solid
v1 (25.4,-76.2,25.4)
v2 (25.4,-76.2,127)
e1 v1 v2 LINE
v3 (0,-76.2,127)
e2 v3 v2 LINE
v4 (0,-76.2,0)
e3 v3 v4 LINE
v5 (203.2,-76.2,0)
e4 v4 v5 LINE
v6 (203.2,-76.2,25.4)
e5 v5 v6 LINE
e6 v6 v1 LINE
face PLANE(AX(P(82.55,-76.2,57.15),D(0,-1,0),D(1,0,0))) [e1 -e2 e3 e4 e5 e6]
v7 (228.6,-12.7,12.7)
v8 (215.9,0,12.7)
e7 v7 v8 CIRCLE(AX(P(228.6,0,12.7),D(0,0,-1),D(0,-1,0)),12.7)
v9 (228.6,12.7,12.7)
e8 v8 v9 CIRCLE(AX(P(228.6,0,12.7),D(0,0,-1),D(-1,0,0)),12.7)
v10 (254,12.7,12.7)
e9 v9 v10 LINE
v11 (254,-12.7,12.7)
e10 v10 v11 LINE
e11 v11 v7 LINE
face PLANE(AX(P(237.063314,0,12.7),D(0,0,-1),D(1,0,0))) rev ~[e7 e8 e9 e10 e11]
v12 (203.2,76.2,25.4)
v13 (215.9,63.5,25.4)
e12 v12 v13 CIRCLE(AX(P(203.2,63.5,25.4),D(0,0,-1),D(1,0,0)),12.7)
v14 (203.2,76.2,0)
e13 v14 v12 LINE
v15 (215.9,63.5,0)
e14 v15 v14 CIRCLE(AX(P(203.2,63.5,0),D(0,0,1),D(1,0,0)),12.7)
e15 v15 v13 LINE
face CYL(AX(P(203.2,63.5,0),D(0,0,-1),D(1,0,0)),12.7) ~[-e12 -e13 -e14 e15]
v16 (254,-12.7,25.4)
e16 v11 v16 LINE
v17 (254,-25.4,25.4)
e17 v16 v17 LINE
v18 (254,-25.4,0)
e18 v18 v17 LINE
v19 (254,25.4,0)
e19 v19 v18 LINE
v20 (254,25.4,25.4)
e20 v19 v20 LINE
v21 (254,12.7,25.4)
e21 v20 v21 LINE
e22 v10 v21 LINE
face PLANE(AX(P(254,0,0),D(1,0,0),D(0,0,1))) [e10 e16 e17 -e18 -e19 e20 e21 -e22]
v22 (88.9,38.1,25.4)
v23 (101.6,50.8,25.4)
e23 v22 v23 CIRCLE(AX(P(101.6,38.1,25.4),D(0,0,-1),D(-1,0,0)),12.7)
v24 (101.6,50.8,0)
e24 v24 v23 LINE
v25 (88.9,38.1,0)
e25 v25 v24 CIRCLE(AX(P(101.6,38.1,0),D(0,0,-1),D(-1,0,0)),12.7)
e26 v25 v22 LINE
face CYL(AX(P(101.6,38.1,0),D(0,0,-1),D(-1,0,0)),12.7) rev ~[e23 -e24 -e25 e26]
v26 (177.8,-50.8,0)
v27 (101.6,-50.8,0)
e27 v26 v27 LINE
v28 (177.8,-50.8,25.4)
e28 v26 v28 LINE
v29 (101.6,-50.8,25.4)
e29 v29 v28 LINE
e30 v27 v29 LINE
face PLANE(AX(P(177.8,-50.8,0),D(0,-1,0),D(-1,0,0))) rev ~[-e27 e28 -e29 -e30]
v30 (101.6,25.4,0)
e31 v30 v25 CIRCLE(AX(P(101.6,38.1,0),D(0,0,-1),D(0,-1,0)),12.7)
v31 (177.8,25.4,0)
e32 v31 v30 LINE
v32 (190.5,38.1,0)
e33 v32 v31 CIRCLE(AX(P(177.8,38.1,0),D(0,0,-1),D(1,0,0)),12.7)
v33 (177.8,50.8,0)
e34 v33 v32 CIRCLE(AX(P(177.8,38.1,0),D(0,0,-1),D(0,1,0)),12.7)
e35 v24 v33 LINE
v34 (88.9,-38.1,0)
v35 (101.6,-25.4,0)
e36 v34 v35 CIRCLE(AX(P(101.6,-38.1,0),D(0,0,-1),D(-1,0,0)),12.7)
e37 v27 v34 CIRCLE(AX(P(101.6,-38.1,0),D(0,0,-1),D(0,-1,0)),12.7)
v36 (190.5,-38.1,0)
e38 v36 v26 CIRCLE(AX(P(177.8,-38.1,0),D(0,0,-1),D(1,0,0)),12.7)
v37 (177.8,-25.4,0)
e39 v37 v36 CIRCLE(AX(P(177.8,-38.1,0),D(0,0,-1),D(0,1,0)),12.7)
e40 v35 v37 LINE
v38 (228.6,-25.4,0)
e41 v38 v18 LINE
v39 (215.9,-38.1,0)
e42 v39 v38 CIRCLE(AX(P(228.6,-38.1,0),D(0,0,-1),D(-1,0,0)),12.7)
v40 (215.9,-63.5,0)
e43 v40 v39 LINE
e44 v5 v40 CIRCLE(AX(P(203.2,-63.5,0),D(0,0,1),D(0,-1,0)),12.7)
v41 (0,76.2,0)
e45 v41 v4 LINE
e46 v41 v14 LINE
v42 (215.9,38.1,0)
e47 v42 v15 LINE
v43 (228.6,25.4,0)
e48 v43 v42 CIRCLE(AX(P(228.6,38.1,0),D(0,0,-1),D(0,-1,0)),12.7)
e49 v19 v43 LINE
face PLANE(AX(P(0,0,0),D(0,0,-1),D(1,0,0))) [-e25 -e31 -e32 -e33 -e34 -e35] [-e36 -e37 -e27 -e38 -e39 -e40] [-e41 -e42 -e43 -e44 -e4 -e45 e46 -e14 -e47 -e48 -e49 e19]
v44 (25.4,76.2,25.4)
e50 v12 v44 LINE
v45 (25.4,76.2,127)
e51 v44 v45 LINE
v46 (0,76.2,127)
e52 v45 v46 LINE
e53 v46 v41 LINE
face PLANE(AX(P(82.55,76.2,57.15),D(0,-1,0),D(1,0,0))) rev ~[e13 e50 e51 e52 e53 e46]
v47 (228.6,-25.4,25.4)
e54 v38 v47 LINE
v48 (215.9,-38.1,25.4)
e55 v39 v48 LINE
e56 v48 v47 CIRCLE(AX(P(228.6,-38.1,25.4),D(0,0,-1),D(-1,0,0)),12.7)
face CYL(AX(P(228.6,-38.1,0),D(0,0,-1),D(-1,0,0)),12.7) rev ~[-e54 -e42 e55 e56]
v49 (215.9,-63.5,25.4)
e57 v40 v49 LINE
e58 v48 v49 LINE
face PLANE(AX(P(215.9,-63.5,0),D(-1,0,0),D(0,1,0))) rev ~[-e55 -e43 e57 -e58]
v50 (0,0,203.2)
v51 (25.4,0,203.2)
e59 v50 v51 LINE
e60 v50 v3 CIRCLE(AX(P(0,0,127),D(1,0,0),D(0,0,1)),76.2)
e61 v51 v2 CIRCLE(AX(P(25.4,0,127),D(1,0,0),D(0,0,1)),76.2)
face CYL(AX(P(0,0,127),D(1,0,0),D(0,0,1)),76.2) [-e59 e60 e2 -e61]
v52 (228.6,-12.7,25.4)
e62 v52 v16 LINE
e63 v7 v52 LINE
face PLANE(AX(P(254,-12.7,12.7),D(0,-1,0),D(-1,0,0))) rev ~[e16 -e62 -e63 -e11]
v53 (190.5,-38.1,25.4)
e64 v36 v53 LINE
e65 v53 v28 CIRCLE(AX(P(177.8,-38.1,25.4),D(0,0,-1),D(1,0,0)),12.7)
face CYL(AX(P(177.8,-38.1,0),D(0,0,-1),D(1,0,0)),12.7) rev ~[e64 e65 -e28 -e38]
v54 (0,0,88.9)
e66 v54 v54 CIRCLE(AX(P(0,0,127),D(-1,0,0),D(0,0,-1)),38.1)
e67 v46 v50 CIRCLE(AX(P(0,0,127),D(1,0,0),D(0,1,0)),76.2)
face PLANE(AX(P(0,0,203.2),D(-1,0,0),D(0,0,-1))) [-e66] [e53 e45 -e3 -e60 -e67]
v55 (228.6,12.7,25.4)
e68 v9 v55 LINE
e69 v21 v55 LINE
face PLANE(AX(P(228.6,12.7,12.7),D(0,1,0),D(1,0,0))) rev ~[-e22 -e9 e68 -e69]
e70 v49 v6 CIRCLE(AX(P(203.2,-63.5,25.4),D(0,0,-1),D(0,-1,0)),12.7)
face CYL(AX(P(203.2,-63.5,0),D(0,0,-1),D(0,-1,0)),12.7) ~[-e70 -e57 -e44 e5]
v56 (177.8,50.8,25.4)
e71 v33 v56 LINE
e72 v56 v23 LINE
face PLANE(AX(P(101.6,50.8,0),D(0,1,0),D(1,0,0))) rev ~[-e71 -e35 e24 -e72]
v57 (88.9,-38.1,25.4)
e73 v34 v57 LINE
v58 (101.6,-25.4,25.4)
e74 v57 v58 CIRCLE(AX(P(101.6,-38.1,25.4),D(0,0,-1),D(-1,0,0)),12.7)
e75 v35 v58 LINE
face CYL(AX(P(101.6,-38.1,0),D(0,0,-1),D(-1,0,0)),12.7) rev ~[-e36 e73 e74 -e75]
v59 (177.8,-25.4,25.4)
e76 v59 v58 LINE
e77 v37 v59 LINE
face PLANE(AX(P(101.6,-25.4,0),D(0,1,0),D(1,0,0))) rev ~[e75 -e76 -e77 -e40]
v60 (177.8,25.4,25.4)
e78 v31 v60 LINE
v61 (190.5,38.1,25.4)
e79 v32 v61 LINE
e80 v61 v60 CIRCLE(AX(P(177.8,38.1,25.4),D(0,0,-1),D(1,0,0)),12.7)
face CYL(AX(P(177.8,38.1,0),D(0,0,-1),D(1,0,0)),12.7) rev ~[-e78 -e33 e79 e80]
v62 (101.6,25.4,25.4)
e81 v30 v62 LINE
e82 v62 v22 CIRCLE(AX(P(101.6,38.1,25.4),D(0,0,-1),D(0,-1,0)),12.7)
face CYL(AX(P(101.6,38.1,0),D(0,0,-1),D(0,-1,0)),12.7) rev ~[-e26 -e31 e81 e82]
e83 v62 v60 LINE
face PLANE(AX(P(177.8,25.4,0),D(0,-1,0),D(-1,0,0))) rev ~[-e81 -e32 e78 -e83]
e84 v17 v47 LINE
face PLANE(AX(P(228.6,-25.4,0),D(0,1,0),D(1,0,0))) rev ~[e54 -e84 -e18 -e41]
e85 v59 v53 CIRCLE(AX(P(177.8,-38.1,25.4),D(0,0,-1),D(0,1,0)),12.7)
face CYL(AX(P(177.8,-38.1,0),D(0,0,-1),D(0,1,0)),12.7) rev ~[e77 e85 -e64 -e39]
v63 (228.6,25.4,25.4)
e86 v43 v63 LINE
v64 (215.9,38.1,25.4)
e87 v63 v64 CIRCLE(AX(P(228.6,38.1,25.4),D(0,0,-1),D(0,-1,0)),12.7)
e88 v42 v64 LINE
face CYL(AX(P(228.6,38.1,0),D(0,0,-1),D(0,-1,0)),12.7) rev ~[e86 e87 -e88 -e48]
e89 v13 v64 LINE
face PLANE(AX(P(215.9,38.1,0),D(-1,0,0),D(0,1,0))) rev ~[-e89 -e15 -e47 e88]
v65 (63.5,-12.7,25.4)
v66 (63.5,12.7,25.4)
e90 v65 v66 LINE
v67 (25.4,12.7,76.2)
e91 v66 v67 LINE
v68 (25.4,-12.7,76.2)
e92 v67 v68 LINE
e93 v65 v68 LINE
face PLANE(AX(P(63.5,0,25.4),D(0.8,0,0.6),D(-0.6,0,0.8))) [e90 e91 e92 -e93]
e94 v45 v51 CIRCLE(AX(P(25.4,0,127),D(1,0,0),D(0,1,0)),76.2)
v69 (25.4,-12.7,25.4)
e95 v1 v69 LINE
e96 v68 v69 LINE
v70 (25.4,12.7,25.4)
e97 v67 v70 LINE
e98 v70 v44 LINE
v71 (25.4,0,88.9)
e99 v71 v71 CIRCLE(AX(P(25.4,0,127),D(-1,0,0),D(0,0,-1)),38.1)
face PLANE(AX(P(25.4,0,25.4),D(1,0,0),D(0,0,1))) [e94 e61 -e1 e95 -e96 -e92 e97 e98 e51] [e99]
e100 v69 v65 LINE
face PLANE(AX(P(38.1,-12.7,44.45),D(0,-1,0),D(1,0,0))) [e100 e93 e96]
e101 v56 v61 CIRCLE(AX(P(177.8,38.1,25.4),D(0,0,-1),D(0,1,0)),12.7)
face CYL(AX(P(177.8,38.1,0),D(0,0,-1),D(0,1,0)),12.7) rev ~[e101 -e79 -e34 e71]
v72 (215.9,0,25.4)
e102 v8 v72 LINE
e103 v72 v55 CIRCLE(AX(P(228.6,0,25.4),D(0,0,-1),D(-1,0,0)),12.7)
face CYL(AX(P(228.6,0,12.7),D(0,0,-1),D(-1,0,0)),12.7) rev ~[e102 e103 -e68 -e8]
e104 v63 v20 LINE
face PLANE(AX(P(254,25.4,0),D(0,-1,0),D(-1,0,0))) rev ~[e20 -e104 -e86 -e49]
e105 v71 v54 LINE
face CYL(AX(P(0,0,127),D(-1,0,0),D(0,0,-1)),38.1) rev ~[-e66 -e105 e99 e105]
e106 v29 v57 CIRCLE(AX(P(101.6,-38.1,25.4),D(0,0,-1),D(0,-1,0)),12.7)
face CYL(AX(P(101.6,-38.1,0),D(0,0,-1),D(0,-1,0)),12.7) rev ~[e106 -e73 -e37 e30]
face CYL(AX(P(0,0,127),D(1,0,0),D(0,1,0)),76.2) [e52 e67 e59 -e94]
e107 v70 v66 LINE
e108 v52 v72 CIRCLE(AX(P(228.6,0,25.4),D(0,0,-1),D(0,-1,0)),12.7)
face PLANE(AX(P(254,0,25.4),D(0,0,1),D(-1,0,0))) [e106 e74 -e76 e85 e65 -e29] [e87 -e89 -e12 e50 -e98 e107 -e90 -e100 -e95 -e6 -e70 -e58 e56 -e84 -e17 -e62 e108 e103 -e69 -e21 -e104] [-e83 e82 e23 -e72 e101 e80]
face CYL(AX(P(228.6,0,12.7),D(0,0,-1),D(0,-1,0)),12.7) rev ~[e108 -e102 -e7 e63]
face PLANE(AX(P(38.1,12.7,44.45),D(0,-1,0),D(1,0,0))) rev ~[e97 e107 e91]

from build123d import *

# Parameters (mm, degrees)
F1_DEPTH = 76.2
F2_DEPTH = 12.7
F4_DEPTH = 1270
F6_DEPTH = 70.612
F7_START = -12.7
F7_DEPTH = 43.434


with BuildPart() as f1:
    # F0 (on Front) → F1 (new body, symmetric)
    with BuildSketch(Plane.XZ):
        Polygon((0, 203.2), (0, 0), (254, 0), (254, 25.4), (63.5, 25.4), (25.4, 25.4), (25.4, 76.2), (25.4, 203.2), align=None)
    extrude(amount=F1_DEPTH, both=True)

    # F0 (on Front) → F2 (join, symmetric)
    with BuildSketch(Plane.XZ):
        Polygon((63.5, 25.4), (25.4, 76.2), (25.4, 25.4), align=None)
    extrude(amount=F2_DEPTH, both=True)

    # F3 (on face) → F4 (cut, symmetric)
    with BuildSketch(Plane(origin=(0, 0, 0), x_dir=(0, -1, 0), z_dir=(-1, 0, 0))):
        with BuildLine():
            Line((-76.2, 203.2), (-76.2, 127))
            ThreePointArc((-76.2, 127), (-53.8815367264, 180.8815367264), (0, 203.2))
            Line((0, 203.2), (-76.2, 203.2))
        make_face()
        with BuildLine():
            Line((76.2, 203.2), (0, 203.2))
            ThreePointArc((0, 203.2), (53.8815367264, 180.8815367264), (76.2, 127))
            Line((76.2, 127), (76.2, 203.2))
        make_face()
        with BuildLine():
            ThreePointArc((38.1, 127), (-26.9407683632, 153.9407683632), (0, 88.9))
            ThreePointArc((0, 88.9), (26.9407683632, 100.0592316368), (38.1, 127))
        make_face()
    extrude(amount=F4_DEPTH, both=True, mode=Mode.SUBTRACT)

    # F5 (on face) → F6 (cut)
    with BuildSketch(Plane(origin=(0, 0, 0), x_dir=(1, 0, 0), z_dir=(0, 0, -1))):
        with BuildLine():
            ThreePointArc((203.2, 76.2), (212.1802561211, 72.4802561211), (215.9, 63.5))
            Line((215.9, 63.5), (215.9, 38.1))
            ThreePointArc((215.9, 38.1), (219.6197438789, 29.1197438789), (228.6, 25.4))
            Line((228.6, 25.4), (241.3, 25.4))
            Line((241.3, 25.4), (254, 25.4))
            Line((254, 25.4), (254, 76.2))
            Line((254, 76.2), (203.2, 76.2))
        make_face()
        with BuildLine():
            ThreePointArc((88.9, 38.1), (92.6197438789, 29.1197438789), (101.6, 25.4))
            Line((101.6, 25.4), (177.8, 25.4))
            ThreePointArc((177.8, 25.4), (186.7802561211, 29.1197438789), (190.5, 38.1))
            ThreePointArc((190.5, 38.1), (186.7802561211, 47.0802561211), (177.8, 50.8))
            Line((177.8, 50.8), (101.6, 50.8))
            ThreePointArc((101.6, 50.8), (92.6197438789, 47.0802561211), (88.9, 38.1))
        make_face()
        with BuildLine():
            ThreePointArc((101.6, -25.4), (92.6197438789, -29.1197438789), (88.9, -38.1))
            ThreePointArc((88.9, -38.1), (92.6197438789, -47.0802561211), (101.6, -50.8))
            Line((101.6, -50.8), (177.8, -50.8))
            ThreePointArc((177.8, -50.8), (186.7802561211, -47.0802561211), (190.5, -38.1))
            ThreePointArc((190.5, -38.1), (186.7802561211, -29.1197438789), (177.8, -25.4))
            Line((177.8, -25.4), (101.6, -25.4))
        make_face()
        with BuildLine():
            Line((254, -25.4), (241.3, -25.4))
            Line((241.3, -25.4), (228.6, -25.4))
            ThreePointArc((228.6, -25.4), (219.6197438789, -29.1197438789), (215.9, -38.1))
            Line((215.9, -38.1), (215.9, -63.5))
            ThreePointArc((215.9, -63.5), (212.1802561211, -72.4802561211), (203.2, -76.2))
            Line((203.2, -76.2), (254, -76.2))
            Line((254, -76.2), (254, -25.4))
        make_face()
    extrude(amount=-F6_DEPTH, mode=Mode.SUBTRACT)

    # F5 (on face) → F7 (cut)
    with BuildSketch(Plane(origin=(0, 0, 0), x_dir=(1, 0, 0), z_dir=(0, 0, -1)).offset(F7_START)):
        with BuildLine():
            Line((254, 0), (254, 12.7))
            Line((254, 12.7), (228.6, 12.7))
            ThreePointArc((228.6, 12.7), (219.6197438789, 8.9802561211), (215.9, 0))
            ThreePointArc((215.9, 0), (219.6197438789, -8.9802561211), (228.6, -12.7))
            Line((228.6, -12.7), (254, -12.7))
            Line((254, -12.7), (254, 0))
        make_face()
    extrude(amount=-F7_DEPTH, mode=Mode.SUBTRACT)


solid = f1.part
